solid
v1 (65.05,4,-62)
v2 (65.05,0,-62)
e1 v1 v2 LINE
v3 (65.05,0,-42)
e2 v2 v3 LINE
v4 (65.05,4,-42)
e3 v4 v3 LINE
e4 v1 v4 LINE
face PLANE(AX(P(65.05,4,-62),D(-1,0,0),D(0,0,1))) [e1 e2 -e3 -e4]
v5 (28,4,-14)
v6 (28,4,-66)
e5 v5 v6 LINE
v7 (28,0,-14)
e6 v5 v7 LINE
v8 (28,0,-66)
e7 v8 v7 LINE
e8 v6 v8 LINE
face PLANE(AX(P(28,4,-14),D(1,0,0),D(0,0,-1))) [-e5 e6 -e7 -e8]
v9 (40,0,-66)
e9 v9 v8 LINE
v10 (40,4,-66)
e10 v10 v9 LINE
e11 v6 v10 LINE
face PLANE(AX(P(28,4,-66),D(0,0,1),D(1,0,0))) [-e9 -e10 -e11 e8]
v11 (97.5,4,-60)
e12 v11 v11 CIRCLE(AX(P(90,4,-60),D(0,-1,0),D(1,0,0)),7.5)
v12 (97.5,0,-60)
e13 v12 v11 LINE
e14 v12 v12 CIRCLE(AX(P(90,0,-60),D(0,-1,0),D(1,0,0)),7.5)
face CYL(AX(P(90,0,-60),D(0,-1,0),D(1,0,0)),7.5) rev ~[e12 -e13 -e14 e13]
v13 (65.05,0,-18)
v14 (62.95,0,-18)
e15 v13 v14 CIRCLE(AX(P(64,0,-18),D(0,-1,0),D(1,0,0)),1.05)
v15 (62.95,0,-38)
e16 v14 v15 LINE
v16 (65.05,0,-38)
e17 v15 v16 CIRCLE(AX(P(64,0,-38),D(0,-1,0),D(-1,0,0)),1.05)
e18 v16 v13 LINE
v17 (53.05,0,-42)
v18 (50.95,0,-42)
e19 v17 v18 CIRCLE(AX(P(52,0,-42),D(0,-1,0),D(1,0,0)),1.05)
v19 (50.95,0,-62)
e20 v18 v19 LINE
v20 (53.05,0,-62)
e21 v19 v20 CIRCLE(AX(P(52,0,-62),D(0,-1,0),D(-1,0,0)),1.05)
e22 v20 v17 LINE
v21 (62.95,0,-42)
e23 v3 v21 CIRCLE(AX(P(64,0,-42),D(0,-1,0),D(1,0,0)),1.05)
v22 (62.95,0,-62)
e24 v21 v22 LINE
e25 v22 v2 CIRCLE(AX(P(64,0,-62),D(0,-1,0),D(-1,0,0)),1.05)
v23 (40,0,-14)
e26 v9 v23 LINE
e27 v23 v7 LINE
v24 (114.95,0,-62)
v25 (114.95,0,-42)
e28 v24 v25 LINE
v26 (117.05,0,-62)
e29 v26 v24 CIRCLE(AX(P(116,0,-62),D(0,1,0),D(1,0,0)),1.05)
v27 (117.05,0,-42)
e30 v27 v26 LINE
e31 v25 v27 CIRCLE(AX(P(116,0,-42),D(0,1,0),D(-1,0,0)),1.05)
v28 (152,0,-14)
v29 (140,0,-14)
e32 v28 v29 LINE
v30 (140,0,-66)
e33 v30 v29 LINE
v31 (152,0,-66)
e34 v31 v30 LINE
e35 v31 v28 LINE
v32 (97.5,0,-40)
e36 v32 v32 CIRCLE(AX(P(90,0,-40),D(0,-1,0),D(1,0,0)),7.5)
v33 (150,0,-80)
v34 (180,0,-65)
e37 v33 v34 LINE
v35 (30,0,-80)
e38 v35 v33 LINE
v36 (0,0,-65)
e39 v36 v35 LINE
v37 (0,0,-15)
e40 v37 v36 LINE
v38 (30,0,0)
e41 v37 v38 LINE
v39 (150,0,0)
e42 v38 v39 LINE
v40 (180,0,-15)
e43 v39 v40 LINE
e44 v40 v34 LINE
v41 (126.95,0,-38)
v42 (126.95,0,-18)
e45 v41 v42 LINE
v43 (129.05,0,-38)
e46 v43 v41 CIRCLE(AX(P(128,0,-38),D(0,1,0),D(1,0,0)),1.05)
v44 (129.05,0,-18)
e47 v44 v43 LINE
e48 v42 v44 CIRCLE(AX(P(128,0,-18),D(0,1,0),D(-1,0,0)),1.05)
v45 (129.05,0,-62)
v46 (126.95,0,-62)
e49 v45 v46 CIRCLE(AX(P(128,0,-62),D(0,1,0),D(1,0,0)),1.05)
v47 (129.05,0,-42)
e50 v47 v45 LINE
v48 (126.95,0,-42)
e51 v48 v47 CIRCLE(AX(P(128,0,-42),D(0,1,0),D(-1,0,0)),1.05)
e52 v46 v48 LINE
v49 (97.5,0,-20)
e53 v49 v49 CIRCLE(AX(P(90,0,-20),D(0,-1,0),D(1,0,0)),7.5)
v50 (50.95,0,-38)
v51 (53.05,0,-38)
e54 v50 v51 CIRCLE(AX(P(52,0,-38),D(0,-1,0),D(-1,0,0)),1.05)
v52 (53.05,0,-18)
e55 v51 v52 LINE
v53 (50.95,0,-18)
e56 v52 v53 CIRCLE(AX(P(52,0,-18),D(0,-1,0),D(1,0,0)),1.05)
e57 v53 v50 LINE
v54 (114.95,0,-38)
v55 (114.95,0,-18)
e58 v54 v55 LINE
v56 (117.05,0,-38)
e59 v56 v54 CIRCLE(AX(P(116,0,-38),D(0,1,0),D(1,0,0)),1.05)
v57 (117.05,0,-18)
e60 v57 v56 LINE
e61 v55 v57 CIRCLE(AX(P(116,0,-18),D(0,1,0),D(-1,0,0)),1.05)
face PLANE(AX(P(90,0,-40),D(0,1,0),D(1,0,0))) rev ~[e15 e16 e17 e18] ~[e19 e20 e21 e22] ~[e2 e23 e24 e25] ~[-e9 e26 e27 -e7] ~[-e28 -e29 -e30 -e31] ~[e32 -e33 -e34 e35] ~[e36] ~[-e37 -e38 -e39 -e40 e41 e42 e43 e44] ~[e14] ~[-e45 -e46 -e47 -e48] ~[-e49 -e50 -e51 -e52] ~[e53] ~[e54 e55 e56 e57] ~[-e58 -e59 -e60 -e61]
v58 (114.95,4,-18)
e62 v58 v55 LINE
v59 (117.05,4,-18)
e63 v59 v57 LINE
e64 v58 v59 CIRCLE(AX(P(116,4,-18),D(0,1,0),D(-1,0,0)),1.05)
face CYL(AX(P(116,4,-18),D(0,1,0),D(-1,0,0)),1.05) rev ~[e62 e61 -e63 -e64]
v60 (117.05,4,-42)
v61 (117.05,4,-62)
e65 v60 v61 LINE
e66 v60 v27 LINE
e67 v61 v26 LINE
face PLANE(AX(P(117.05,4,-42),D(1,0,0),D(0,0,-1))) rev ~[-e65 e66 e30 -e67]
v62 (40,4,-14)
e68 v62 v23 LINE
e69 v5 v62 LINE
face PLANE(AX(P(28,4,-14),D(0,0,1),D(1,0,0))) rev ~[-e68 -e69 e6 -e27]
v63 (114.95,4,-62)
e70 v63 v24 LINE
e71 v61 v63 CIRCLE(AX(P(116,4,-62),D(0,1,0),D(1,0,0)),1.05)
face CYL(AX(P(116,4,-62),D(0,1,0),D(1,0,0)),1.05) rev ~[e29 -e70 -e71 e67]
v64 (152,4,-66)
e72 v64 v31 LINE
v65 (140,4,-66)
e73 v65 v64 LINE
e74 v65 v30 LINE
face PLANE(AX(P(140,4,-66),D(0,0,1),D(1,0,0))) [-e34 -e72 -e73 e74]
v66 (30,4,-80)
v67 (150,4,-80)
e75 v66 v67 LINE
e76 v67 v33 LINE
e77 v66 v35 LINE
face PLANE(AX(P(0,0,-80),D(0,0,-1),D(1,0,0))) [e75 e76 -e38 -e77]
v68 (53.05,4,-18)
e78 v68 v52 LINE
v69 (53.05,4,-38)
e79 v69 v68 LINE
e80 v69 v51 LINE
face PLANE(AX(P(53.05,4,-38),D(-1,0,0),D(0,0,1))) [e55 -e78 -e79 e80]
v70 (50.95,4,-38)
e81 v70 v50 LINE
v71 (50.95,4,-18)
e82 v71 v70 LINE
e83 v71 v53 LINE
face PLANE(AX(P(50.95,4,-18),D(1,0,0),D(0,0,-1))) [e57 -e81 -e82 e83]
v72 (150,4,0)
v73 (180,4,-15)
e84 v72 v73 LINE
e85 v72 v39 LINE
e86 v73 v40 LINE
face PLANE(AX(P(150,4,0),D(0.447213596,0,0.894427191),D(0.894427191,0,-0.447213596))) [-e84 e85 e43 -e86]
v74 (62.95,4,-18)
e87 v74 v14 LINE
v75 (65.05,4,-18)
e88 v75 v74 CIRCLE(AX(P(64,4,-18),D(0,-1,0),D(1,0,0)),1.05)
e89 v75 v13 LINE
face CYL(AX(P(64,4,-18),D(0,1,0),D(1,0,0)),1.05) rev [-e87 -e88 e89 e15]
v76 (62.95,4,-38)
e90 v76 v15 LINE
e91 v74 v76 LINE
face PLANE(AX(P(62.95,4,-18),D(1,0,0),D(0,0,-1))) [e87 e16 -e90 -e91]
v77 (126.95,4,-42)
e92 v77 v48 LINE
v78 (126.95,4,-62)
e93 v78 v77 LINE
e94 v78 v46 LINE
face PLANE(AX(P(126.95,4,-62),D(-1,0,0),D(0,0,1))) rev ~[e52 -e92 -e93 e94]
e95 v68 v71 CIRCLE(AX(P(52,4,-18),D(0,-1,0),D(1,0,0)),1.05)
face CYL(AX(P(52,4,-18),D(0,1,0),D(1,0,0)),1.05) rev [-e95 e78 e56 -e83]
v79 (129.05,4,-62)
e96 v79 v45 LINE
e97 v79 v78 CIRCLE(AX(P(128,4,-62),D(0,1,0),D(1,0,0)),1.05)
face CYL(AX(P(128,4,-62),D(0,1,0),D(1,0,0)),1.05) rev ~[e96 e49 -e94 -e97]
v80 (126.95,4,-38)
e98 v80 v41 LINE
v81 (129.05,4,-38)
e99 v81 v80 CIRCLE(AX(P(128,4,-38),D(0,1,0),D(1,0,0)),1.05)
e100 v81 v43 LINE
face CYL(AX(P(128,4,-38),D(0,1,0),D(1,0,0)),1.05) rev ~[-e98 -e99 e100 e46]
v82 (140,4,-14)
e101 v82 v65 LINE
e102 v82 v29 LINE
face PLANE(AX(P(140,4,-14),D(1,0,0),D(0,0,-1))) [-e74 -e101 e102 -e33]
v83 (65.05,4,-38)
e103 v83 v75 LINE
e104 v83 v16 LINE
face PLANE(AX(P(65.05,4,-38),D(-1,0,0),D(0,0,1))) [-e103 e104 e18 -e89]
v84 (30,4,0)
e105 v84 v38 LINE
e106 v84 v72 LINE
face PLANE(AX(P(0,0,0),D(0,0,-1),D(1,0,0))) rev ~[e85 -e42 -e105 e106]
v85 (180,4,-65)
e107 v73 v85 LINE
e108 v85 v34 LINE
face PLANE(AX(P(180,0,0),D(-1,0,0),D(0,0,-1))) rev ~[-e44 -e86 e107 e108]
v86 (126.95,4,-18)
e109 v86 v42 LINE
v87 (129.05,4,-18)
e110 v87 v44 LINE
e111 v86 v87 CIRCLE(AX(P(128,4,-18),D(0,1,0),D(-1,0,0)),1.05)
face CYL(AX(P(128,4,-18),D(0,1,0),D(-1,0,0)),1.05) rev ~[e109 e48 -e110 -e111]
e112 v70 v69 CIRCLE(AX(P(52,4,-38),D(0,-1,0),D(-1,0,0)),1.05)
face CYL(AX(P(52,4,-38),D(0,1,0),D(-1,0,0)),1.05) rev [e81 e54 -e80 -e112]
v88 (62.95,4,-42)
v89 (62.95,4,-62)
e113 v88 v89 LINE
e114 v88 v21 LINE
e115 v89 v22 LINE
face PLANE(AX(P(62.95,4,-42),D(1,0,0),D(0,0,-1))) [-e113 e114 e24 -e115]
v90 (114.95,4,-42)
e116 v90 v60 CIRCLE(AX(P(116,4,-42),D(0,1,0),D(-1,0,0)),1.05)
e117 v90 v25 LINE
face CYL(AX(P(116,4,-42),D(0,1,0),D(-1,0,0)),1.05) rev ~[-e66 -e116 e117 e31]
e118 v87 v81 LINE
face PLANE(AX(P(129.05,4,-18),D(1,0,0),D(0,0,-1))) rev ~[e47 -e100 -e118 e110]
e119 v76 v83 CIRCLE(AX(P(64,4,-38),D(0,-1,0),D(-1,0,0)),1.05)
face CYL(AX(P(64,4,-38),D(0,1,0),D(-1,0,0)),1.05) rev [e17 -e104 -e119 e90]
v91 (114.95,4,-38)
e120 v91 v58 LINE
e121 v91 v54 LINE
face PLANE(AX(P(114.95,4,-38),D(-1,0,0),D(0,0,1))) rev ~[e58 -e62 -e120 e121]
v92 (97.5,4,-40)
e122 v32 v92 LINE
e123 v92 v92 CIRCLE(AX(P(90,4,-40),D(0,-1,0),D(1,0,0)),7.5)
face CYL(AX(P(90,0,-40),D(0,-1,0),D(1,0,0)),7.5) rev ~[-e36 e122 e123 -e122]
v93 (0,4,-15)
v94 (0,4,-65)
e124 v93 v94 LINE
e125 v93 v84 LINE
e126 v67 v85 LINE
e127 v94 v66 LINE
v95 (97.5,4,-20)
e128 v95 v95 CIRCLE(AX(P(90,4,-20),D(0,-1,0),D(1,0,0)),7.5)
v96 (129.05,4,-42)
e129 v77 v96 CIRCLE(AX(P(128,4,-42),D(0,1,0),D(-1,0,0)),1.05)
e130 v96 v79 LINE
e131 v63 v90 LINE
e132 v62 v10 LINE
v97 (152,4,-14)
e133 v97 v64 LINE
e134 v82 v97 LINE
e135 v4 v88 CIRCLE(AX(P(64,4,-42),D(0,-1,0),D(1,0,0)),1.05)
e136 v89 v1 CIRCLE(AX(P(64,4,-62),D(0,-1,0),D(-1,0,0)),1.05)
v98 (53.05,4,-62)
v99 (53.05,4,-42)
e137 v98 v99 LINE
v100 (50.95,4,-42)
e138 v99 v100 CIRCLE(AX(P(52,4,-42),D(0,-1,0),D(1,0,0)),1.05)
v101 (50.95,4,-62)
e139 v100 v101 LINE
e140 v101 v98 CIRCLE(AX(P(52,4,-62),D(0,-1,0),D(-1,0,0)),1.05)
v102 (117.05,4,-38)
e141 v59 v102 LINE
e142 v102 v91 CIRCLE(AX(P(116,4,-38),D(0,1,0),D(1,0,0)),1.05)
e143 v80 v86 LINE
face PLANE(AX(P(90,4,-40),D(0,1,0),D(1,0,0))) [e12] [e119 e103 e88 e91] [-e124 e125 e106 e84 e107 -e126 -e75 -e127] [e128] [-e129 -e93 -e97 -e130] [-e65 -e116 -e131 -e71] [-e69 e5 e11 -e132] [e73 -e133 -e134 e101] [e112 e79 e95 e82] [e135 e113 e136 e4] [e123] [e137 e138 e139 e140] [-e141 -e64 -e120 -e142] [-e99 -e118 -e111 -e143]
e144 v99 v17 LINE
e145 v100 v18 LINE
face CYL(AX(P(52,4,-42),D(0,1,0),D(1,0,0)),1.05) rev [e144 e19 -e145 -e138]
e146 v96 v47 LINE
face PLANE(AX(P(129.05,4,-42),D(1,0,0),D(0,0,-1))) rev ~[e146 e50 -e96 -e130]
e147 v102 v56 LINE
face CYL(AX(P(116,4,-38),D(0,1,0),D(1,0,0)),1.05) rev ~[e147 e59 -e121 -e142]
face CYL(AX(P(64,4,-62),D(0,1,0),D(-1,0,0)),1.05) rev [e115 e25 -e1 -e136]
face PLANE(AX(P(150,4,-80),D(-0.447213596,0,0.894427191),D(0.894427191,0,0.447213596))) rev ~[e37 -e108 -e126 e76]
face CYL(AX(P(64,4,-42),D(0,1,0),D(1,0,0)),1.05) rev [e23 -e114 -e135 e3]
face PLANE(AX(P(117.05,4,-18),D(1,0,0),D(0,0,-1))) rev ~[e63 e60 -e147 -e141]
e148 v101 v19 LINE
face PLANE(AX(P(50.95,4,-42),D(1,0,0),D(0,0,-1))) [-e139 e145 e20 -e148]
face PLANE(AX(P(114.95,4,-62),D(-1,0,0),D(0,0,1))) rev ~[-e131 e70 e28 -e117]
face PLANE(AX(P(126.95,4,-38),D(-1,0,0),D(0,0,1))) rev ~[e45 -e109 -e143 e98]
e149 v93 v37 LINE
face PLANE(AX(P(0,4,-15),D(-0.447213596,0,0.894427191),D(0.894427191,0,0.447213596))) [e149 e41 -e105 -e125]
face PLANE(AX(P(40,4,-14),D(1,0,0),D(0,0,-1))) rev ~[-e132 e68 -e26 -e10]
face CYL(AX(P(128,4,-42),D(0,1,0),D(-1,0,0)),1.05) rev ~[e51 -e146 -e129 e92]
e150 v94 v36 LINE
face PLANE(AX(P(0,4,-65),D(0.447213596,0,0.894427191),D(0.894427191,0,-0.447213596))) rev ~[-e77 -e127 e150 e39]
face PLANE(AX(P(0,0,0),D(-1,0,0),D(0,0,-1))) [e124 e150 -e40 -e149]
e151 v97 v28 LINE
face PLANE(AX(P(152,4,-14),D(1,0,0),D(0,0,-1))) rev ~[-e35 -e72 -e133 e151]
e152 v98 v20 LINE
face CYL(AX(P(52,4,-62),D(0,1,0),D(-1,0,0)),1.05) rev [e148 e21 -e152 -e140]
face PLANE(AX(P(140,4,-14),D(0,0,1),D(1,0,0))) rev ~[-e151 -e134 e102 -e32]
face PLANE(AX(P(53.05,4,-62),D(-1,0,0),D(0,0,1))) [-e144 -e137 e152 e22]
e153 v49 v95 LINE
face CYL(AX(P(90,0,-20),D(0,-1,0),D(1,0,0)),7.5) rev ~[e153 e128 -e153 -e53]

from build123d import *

# Parameters (mm, degrees)
ESQUISSE1_W             = 180
ESQUISSE1_H             = 80
BOSS_EXTRU_1_DEPTH      = 4
ENL_V_MAT_EXTRU_2_DEPTH = 4
ENL_V_MAT_EXTRU_3_DEPTH = 4
ENL_V_MAT_EXTRU_4_REACH = 6
ESQUISSE8_W             = 12
ESQUISSE8_H             = 52
ENL_V_MAT_EXTRU_5_REACH = 6
ESQUISSE9_R             = 7.5


with BuildPart() as part:
    # Esquisse1 → Boss.-Extru.1 (new body)
    with BuildSketch(Plane(origin=(0, 0, 0), x_dir=(1, 0, 0), z_dir=(0, 1, 0))):
        with Locations((90, 40)):
            Rectangle(ESQUISSE1_W, ESQUISSE1_H)
    extrude(amount=BOSS_EXTRU_1_DEPTH)

    # Esquisse2 → Enlèv. mat.-Extru.2 (cut)
    with BuildSketch(Plane(origin=(0, 4, 0), x_dir=(1, 0, 0), z_dir=(0, 1, 0))):
        Polygon((0, 65), (30, 80), (0, 80), align=None)
        Polygon((150, 80), (180, 65), (180, 80), align=None)
        Polygon((150, 0), (180, 15), (180, 0), align=None)
        Polygon((0, 15), (30, 0), (0, 0), align=None)
    extrude(amount=-ENL_V_MAT_EXTRU_2_DEPTH, mode=Mode.SUBTRACT)

    # Esquisse7 → Enlèv. mat.-Extru.3 (cut)
    with BuildSketch(Plane(origin=(0, 4, 0), x_dir=(1, 0, 0), z_dir=(0, 1, 0))):
        with BuildLine():
            Line((62.95, 18), (62.95, 38))
            ThreePointArc((62.95, 38), (64, 39.05), (65.05, 38))
            Line((65.05, 38), (65.05, 18))
            ThreePointArc((65.05, 18), (64, 16.95), (62.95, 18))
        make_face()
        with BuildLine():
            Line((50.95, 18), (50.95, 38))
            ThreePointArc((50.95, 38), (52, 39.05), (53.05, 38))
            Line((53.05, 38), (53.05, 18))
            ThreePointArc((53.05, 18), (52, 16.95), (50.95, 18))
        make_face()
        with BuildLine():
            Line((50.95, 42), (50.95, 62))
            ThreePointArc((50.95, 62), (52, 63.05), (53.05, 62))
            Line((53.05, 62), (53.05, 42))
            ThreePointArc((53.05, 42), (52, 40.95), (50.95, 42))
        make_face()
        with BuildLine():
            Line((62.95, 42), (62.95, 62))
            ThreePointArc((62.95, 62), (64, 63.05), (65.05, 62))
            Line((65.05, 62), (65.05, 42))
            ThreePointArc((65.05, 42), (64, 40.95), (62.95, 42))
        make_face()
        with BuildLine():
            Line((117.05, 42), (117.05, 62))
            ThreePointArc((117.05, 62), (116, 63.05), (114.95, 62))
            Line((114.95, 62), (114.95, 42))
            ThreePointArc((114.95, 42), (116, 40.95), (117.05, 42))
        make_face()
        with BuildLine():
            Line((129.05, 42), (129.05, 62))
            ThreePointArc((129.05, 62), (128, 63.05), (126.95, 62))
            Line((126.95, 62), (126.95, 42))
            ThreePointArc((126.95, 42), (128, 40.95), (129.05, 42))
        make_face()
        with BuildLine():
            Line((129.05, 18), (129.05, 38))
            ThreePointArc((129.05, 38), (128, 39.05), (126.95, 38))
            Line((126.95, 38), (126.95, 18))
            ThreePointArc((126.95, 18), (128, 16.95), (129.05, 18))
        make_face()
        with BuildLine():
            Line((117.05, 18), (117.05, 38))
            ThreePointArc((117.05, 38), (116, 39.05), (114.95, 38))
            Line((114.95, 38), (114.95, 18))
            ThreePointArc((114.95, 18), (116, 16.95), (117.05, 18))
        make_face()
    extrude(amount=-ENL_V_MAT_EXTRU_3_DEPTH, mode=Mode.SUBTRACT)

    # Esquisse8 → Enlèv. mat.-Extru.4 (cut, up to next)
    with BuildSketch(Plane(origin=(0, 4, 0), x_dir=(1, 0, 0), z_dir=(0, 1, 0)), mode=Mode.PRIVATE) as enl_v_mat_extru_4_sk1:
        with Locations((146, 40)):
            Rectangle(ESQUISSE8_W, ESQUISSE8_H)
    enl_v_mat_extru_4_tool1 = extrude(enl_v_mat_extru_4_sk1.sketch, amount=-ENL_V_MAT_EXTRU_4_REACH, mode=Mode.PRIVATE) & part.part
    add(enl_v_mat_extru_4_tool1.solids().sort_by_distance((146, 4, -40))[0], mode=Mode.SUBTRACT)
    # Esquisse8 → Enlèv. mat.-Extru.4 (cut, up to next)
    with BuildSketch(Plane(origin=(0, 4, 0), x_dir=(1, 0, 0), z_dir=(0, 1, 0)), mode=Mode.PRIVATE) as enl_v_mat_extru_4_sk2:
        with Locations((34, 40)):
            Rectangle(ESQUISSE8_W, ESQUISSE8_H)
    enl_v_mat_extru_4_tool2 = extrude(enl_v_mat_extru_4_sk2.sketch, amount=-ENL_V_MAT_EXTRU_4_REACH, mode=Mode.PRIVATE) & part.part
    add(enl_v_mat_extru_4_tool2.solids().sort_by_distance((34, 4, -40))[0], mode=Mode.SUBTRACT)

    # Esquisse9 → Enlèv. mat.-Extru.5 (cut, up to next)
    with BuildSketch(Plane.XZ, mode=Mode.PRIVATE) as enl_v_mat_extru_5_sk1:
        with Locations((90, -60)):
            Circle(ESQUISSE9_R)
    enl_v_mat_extru_5_tool1 = extrude(enl_v_mat_extru_5_sk1.sketch, amount=-ENL_V_MAT_EXTRU_5_REACH, mode=Mode.PRIVATE) & part.part
    add(enl_v_mat_extru_5_tool1.solids().sort_by_distance((90, 0, -60))[0], mode=Mode.SUBTRACT)
    # Esquisse9 → Enlèv. mat.-Extru.5 (cut, up to next)
    with BuildSketch(Plane.XZ, mode=Mode.PRIVATE) as enl_v_mat_extru_5_sk2:
        with Locations((90, -40)):
            Circle(ESQUISSE9_R)
    enl_v_mat_extru_5_tool2 = extrude(enl_v_mat_extru_5_sk2.sketch, amount=-ENL_V_MAT_EXTRU_5_REACH, mode=Mode.PRIVATE) & part.part
    add(enl_v_mat_extru_5_tool2.solids().sort_by_distance((90, 0, -40))[0], mode=Mode.SUBTRACT)
    # Esquisse9 → Enlèv. mat.-Extru.5 (cut, up to next)
    with BuildSketch(Plane.XZ, mode=Mode.PRIVATE) as enl_v_mat_extru_5_sk3:
        with Locations((90, -20)):
            Circle(ESQUISSE9_R)
    enl_v_mat_extru_5_tool3 = extrude(enl_v_mat_extru_5_sk3.sketch, amount=-ENL_V_MAT_EXTRU_5_REACH, mode=Mode.PRIVATE) & part.part
    add(enl_v_mat_extru_5_tool3.solids().sort_by_distance((90, 0, -20))[0], mode=Mode.SUBTRACT)


solid = part.part
